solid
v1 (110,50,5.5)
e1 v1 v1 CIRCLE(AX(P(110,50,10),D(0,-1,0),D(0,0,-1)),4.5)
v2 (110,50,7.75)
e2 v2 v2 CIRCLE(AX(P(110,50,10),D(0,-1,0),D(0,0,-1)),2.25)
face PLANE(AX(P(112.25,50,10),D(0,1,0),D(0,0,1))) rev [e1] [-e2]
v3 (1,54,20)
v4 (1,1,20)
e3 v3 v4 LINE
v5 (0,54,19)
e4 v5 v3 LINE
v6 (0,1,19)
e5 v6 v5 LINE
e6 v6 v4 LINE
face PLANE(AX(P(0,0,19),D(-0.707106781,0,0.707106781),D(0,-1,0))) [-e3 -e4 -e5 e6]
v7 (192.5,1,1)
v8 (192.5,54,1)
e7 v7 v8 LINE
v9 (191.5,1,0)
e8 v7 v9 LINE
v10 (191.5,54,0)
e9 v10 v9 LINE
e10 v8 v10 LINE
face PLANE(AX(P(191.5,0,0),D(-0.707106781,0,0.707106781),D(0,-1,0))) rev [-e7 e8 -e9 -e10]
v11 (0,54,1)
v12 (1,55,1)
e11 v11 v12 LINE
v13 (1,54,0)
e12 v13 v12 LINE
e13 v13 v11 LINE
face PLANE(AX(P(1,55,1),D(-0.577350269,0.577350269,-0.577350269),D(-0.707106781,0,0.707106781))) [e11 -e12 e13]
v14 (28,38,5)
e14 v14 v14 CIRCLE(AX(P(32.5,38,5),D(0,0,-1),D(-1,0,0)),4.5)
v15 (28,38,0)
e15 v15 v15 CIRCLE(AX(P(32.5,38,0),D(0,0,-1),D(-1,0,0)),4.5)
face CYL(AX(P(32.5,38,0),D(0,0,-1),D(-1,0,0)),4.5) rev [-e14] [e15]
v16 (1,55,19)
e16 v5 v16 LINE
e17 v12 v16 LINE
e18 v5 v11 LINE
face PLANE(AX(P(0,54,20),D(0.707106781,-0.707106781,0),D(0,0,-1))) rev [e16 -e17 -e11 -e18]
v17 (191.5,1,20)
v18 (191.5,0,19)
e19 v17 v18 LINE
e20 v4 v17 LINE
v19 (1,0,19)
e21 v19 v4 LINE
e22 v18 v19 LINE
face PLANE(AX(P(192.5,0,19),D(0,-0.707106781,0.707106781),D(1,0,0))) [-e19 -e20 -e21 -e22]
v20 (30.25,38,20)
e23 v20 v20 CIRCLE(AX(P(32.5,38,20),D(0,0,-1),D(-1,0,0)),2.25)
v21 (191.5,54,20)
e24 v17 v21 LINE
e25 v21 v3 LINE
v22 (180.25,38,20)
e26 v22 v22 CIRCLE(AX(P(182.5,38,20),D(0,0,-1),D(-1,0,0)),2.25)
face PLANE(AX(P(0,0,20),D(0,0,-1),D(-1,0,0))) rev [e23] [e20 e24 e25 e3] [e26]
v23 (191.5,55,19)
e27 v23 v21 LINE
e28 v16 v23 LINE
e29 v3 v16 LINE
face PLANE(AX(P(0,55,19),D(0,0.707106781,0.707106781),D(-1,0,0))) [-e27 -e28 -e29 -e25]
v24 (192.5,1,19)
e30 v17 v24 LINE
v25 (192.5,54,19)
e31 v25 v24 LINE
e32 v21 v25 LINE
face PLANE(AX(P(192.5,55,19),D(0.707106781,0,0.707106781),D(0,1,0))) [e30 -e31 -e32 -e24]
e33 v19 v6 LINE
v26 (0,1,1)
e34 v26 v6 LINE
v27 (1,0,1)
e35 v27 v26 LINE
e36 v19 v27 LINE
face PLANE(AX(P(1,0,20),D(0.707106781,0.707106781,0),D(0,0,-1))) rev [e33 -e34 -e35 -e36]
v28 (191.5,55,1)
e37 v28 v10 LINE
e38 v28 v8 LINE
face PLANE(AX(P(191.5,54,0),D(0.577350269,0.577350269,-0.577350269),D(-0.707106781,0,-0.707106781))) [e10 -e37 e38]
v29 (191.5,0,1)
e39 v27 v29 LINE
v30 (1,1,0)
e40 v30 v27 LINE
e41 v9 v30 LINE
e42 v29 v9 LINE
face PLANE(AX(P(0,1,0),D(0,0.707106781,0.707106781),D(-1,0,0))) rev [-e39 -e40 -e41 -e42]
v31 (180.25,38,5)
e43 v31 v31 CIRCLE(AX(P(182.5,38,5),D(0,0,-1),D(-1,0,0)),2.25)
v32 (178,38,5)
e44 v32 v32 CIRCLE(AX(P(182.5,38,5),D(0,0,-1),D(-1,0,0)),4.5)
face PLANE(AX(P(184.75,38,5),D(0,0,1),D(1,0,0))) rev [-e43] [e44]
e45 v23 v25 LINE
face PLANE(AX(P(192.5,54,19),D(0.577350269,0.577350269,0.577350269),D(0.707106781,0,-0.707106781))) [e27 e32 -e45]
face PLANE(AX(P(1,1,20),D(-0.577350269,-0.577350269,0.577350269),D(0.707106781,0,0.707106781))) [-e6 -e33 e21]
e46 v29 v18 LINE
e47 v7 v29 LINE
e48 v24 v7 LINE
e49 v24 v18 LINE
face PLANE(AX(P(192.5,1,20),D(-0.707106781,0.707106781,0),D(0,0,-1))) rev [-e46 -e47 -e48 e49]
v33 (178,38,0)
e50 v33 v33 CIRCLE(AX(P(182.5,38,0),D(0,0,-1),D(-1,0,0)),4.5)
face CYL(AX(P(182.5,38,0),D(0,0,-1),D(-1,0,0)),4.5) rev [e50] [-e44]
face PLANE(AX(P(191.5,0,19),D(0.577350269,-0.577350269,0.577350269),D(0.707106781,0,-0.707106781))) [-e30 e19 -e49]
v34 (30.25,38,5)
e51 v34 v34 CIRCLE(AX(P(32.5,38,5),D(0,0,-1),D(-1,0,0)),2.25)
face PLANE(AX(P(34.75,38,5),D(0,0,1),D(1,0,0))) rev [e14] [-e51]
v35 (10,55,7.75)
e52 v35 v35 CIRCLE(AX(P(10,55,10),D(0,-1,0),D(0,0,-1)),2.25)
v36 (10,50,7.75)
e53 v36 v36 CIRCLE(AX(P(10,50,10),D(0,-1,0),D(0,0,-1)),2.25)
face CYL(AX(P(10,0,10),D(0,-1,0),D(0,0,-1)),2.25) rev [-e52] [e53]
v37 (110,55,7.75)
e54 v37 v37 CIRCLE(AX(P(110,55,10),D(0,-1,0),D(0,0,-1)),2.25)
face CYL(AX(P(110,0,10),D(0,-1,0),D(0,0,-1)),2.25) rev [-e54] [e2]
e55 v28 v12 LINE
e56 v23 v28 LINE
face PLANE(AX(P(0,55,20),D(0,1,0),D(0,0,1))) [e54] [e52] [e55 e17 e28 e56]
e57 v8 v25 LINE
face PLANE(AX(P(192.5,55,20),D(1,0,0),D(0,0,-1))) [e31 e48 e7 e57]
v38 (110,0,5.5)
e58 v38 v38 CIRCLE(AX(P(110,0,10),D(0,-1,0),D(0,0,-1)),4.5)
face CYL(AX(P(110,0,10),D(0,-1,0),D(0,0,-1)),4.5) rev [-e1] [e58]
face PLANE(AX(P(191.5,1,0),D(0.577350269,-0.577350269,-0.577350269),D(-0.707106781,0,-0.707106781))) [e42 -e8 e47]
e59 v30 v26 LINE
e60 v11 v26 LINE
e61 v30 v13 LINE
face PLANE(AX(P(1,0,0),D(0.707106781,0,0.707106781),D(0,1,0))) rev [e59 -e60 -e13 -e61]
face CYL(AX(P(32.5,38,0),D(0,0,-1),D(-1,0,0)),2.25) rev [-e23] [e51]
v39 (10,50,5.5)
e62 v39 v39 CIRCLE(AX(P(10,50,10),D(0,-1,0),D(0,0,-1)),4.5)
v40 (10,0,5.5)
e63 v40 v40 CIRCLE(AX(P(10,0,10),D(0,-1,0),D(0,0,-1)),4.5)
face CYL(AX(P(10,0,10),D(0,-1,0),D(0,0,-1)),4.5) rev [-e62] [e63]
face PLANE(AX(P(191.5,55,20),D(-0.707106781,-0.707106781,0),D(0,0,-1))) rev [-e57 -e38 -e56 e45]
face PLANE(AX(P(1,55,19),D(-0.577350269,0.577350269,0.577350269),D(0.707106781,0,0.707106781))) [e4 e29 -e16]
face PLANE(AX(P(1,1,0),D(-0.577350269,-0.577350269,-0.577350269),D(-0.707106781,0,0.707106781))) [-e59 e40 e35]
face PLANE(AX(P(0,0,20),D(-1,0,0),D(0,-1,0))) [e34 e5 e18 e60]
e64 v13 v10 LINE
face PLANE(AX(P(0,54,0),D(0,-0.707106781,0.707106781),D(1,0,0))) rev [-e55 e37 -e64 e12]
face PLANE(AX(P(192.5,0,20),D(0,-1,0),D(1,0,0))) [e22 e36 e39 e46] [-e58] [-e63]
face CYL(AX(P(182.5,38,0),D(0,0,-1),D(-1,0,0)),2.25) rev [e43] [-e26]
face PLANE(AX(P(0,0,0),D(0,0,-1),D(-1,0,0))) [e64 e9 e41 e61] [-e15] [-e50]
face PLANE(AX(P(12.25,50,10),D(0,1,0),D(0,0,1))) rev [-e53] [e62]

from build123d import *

# Parameters (mm, degrees)
SKETCH1_W                                        = 192.5
SKETCH1_H                                        = 55
BOSS_EXTRUDE1_DEPTH                              = 20
CBORE_FOR_M4_HEX_HEAD_MACHINE_SCREW1_D           = 4.5
CBORE_FOR_M4_HEX_HEAD_MACHINE_SCREW1_DEPTH       = 55
CBORE_FOR_M4_HEX_HEAD_MACHINE_SCREW1_CBORE_D     = 9
CBORE_FOR_M4_HEX_HEAD_MACHINE_SCREW1_CBORE_DEPTH = 50
CBORE_FOR_M4_HEX_HEAD_MACHINE_SCREW2_D           = 4.5
CBORE_FOR_M4_HEX_HEAD_MACHINE_SCREW2_DEPTH       = 20
CBORE_FOR_M4_HEX_HEAD_MACHINE_SCREW2_CBORE_D     = 9
CBORE_FOR_M4_HEX_HEAD_MACHINE_SCREW2_CBORE_DEPTH = 5
CHAMFER1_SIZE                                    = 1


with BuildPart() as part:
    # Sketch1 → Boss-Extrude1 (new body)
    with BuildSketch(Plane(origin=(0, 0, 0), x_dir=(-1, 0, 0), z_dir=(0, 0, -1))):
        with Locations((-96.25, 27.5)):
            Rectangle(SKETCH1_W, SKETCH1_H)
    extrude(amount=-BOSS_EXTRUDE1_DEPTH)

    # CBORE for M4 Hex Head Machine Screw1
    with Locations(Plane(origin=(0, 0, 0), x_dir=(-1, 0, 0), z_dir=(0, -1, 0))):
        with Locations((-110, -10), (-10, -10)):
            CounterBoreHole(CBORE_FOR_M4_HEX_HEAD_MACHINE_SCREW1_D / 2, CBORE_FOR_M4_HEX_HEAD_MACHINE_SCREW1_CBORE_D / 2, CBORE_FOR_M4_HEX_HEAD_MACHINE_SCREW1_CBORE_DEPTH, depth=CBORE_FOR_M4_HEX_HEAD_MACHINE_SCREW1_DEPTH)

    # CBORE for M4 Hex Head Machine Screw2
    with Locations(Plane(origin=(0, 0, 0), x_dir=(-1, 0, 0), z_dir=(0, 0, -1))):
        with Locations((-182.5, 38), (-32.5, 38)):
            CounterBoreHole(CBORE_FOR_M4_HEX_HEAD_MACHINE_SCREW2_D / 2, CBORE_FOR_M4_HEX_HEAD_MACHINE_SCREW2_CBORE_D / 2, CBORE_FOR_M4_HEX_HEAD_MACHINE_SCREW2_CBORE_DEPTH, depth=CBORE_FOR_M4_HEX_HEAD_MACHINE_SCREW2_DEPTH)

    # Chamfer1
    chamfer1_edges = [part.edges().sort_by_distance(p)[0] for p in [
        (192.5, 27.5, 20),
        (96.25, 0, 20),
        (0, 27.5, 20),
        (96.25, 0, 0),
        (192.5, 27.5, 0),
        (96.25, 55, 0),
        (0, 27.5, 0),
        (0, 0, 10),
        (192.5, 0, 10),
        (192.5, 55, 10),
        (0, 55, 10),
        (96.25, 55, 20),
    ]]
    chamfer(chamfer1_edges, length=CHAMFER1_SIZE)


solid = part.part
